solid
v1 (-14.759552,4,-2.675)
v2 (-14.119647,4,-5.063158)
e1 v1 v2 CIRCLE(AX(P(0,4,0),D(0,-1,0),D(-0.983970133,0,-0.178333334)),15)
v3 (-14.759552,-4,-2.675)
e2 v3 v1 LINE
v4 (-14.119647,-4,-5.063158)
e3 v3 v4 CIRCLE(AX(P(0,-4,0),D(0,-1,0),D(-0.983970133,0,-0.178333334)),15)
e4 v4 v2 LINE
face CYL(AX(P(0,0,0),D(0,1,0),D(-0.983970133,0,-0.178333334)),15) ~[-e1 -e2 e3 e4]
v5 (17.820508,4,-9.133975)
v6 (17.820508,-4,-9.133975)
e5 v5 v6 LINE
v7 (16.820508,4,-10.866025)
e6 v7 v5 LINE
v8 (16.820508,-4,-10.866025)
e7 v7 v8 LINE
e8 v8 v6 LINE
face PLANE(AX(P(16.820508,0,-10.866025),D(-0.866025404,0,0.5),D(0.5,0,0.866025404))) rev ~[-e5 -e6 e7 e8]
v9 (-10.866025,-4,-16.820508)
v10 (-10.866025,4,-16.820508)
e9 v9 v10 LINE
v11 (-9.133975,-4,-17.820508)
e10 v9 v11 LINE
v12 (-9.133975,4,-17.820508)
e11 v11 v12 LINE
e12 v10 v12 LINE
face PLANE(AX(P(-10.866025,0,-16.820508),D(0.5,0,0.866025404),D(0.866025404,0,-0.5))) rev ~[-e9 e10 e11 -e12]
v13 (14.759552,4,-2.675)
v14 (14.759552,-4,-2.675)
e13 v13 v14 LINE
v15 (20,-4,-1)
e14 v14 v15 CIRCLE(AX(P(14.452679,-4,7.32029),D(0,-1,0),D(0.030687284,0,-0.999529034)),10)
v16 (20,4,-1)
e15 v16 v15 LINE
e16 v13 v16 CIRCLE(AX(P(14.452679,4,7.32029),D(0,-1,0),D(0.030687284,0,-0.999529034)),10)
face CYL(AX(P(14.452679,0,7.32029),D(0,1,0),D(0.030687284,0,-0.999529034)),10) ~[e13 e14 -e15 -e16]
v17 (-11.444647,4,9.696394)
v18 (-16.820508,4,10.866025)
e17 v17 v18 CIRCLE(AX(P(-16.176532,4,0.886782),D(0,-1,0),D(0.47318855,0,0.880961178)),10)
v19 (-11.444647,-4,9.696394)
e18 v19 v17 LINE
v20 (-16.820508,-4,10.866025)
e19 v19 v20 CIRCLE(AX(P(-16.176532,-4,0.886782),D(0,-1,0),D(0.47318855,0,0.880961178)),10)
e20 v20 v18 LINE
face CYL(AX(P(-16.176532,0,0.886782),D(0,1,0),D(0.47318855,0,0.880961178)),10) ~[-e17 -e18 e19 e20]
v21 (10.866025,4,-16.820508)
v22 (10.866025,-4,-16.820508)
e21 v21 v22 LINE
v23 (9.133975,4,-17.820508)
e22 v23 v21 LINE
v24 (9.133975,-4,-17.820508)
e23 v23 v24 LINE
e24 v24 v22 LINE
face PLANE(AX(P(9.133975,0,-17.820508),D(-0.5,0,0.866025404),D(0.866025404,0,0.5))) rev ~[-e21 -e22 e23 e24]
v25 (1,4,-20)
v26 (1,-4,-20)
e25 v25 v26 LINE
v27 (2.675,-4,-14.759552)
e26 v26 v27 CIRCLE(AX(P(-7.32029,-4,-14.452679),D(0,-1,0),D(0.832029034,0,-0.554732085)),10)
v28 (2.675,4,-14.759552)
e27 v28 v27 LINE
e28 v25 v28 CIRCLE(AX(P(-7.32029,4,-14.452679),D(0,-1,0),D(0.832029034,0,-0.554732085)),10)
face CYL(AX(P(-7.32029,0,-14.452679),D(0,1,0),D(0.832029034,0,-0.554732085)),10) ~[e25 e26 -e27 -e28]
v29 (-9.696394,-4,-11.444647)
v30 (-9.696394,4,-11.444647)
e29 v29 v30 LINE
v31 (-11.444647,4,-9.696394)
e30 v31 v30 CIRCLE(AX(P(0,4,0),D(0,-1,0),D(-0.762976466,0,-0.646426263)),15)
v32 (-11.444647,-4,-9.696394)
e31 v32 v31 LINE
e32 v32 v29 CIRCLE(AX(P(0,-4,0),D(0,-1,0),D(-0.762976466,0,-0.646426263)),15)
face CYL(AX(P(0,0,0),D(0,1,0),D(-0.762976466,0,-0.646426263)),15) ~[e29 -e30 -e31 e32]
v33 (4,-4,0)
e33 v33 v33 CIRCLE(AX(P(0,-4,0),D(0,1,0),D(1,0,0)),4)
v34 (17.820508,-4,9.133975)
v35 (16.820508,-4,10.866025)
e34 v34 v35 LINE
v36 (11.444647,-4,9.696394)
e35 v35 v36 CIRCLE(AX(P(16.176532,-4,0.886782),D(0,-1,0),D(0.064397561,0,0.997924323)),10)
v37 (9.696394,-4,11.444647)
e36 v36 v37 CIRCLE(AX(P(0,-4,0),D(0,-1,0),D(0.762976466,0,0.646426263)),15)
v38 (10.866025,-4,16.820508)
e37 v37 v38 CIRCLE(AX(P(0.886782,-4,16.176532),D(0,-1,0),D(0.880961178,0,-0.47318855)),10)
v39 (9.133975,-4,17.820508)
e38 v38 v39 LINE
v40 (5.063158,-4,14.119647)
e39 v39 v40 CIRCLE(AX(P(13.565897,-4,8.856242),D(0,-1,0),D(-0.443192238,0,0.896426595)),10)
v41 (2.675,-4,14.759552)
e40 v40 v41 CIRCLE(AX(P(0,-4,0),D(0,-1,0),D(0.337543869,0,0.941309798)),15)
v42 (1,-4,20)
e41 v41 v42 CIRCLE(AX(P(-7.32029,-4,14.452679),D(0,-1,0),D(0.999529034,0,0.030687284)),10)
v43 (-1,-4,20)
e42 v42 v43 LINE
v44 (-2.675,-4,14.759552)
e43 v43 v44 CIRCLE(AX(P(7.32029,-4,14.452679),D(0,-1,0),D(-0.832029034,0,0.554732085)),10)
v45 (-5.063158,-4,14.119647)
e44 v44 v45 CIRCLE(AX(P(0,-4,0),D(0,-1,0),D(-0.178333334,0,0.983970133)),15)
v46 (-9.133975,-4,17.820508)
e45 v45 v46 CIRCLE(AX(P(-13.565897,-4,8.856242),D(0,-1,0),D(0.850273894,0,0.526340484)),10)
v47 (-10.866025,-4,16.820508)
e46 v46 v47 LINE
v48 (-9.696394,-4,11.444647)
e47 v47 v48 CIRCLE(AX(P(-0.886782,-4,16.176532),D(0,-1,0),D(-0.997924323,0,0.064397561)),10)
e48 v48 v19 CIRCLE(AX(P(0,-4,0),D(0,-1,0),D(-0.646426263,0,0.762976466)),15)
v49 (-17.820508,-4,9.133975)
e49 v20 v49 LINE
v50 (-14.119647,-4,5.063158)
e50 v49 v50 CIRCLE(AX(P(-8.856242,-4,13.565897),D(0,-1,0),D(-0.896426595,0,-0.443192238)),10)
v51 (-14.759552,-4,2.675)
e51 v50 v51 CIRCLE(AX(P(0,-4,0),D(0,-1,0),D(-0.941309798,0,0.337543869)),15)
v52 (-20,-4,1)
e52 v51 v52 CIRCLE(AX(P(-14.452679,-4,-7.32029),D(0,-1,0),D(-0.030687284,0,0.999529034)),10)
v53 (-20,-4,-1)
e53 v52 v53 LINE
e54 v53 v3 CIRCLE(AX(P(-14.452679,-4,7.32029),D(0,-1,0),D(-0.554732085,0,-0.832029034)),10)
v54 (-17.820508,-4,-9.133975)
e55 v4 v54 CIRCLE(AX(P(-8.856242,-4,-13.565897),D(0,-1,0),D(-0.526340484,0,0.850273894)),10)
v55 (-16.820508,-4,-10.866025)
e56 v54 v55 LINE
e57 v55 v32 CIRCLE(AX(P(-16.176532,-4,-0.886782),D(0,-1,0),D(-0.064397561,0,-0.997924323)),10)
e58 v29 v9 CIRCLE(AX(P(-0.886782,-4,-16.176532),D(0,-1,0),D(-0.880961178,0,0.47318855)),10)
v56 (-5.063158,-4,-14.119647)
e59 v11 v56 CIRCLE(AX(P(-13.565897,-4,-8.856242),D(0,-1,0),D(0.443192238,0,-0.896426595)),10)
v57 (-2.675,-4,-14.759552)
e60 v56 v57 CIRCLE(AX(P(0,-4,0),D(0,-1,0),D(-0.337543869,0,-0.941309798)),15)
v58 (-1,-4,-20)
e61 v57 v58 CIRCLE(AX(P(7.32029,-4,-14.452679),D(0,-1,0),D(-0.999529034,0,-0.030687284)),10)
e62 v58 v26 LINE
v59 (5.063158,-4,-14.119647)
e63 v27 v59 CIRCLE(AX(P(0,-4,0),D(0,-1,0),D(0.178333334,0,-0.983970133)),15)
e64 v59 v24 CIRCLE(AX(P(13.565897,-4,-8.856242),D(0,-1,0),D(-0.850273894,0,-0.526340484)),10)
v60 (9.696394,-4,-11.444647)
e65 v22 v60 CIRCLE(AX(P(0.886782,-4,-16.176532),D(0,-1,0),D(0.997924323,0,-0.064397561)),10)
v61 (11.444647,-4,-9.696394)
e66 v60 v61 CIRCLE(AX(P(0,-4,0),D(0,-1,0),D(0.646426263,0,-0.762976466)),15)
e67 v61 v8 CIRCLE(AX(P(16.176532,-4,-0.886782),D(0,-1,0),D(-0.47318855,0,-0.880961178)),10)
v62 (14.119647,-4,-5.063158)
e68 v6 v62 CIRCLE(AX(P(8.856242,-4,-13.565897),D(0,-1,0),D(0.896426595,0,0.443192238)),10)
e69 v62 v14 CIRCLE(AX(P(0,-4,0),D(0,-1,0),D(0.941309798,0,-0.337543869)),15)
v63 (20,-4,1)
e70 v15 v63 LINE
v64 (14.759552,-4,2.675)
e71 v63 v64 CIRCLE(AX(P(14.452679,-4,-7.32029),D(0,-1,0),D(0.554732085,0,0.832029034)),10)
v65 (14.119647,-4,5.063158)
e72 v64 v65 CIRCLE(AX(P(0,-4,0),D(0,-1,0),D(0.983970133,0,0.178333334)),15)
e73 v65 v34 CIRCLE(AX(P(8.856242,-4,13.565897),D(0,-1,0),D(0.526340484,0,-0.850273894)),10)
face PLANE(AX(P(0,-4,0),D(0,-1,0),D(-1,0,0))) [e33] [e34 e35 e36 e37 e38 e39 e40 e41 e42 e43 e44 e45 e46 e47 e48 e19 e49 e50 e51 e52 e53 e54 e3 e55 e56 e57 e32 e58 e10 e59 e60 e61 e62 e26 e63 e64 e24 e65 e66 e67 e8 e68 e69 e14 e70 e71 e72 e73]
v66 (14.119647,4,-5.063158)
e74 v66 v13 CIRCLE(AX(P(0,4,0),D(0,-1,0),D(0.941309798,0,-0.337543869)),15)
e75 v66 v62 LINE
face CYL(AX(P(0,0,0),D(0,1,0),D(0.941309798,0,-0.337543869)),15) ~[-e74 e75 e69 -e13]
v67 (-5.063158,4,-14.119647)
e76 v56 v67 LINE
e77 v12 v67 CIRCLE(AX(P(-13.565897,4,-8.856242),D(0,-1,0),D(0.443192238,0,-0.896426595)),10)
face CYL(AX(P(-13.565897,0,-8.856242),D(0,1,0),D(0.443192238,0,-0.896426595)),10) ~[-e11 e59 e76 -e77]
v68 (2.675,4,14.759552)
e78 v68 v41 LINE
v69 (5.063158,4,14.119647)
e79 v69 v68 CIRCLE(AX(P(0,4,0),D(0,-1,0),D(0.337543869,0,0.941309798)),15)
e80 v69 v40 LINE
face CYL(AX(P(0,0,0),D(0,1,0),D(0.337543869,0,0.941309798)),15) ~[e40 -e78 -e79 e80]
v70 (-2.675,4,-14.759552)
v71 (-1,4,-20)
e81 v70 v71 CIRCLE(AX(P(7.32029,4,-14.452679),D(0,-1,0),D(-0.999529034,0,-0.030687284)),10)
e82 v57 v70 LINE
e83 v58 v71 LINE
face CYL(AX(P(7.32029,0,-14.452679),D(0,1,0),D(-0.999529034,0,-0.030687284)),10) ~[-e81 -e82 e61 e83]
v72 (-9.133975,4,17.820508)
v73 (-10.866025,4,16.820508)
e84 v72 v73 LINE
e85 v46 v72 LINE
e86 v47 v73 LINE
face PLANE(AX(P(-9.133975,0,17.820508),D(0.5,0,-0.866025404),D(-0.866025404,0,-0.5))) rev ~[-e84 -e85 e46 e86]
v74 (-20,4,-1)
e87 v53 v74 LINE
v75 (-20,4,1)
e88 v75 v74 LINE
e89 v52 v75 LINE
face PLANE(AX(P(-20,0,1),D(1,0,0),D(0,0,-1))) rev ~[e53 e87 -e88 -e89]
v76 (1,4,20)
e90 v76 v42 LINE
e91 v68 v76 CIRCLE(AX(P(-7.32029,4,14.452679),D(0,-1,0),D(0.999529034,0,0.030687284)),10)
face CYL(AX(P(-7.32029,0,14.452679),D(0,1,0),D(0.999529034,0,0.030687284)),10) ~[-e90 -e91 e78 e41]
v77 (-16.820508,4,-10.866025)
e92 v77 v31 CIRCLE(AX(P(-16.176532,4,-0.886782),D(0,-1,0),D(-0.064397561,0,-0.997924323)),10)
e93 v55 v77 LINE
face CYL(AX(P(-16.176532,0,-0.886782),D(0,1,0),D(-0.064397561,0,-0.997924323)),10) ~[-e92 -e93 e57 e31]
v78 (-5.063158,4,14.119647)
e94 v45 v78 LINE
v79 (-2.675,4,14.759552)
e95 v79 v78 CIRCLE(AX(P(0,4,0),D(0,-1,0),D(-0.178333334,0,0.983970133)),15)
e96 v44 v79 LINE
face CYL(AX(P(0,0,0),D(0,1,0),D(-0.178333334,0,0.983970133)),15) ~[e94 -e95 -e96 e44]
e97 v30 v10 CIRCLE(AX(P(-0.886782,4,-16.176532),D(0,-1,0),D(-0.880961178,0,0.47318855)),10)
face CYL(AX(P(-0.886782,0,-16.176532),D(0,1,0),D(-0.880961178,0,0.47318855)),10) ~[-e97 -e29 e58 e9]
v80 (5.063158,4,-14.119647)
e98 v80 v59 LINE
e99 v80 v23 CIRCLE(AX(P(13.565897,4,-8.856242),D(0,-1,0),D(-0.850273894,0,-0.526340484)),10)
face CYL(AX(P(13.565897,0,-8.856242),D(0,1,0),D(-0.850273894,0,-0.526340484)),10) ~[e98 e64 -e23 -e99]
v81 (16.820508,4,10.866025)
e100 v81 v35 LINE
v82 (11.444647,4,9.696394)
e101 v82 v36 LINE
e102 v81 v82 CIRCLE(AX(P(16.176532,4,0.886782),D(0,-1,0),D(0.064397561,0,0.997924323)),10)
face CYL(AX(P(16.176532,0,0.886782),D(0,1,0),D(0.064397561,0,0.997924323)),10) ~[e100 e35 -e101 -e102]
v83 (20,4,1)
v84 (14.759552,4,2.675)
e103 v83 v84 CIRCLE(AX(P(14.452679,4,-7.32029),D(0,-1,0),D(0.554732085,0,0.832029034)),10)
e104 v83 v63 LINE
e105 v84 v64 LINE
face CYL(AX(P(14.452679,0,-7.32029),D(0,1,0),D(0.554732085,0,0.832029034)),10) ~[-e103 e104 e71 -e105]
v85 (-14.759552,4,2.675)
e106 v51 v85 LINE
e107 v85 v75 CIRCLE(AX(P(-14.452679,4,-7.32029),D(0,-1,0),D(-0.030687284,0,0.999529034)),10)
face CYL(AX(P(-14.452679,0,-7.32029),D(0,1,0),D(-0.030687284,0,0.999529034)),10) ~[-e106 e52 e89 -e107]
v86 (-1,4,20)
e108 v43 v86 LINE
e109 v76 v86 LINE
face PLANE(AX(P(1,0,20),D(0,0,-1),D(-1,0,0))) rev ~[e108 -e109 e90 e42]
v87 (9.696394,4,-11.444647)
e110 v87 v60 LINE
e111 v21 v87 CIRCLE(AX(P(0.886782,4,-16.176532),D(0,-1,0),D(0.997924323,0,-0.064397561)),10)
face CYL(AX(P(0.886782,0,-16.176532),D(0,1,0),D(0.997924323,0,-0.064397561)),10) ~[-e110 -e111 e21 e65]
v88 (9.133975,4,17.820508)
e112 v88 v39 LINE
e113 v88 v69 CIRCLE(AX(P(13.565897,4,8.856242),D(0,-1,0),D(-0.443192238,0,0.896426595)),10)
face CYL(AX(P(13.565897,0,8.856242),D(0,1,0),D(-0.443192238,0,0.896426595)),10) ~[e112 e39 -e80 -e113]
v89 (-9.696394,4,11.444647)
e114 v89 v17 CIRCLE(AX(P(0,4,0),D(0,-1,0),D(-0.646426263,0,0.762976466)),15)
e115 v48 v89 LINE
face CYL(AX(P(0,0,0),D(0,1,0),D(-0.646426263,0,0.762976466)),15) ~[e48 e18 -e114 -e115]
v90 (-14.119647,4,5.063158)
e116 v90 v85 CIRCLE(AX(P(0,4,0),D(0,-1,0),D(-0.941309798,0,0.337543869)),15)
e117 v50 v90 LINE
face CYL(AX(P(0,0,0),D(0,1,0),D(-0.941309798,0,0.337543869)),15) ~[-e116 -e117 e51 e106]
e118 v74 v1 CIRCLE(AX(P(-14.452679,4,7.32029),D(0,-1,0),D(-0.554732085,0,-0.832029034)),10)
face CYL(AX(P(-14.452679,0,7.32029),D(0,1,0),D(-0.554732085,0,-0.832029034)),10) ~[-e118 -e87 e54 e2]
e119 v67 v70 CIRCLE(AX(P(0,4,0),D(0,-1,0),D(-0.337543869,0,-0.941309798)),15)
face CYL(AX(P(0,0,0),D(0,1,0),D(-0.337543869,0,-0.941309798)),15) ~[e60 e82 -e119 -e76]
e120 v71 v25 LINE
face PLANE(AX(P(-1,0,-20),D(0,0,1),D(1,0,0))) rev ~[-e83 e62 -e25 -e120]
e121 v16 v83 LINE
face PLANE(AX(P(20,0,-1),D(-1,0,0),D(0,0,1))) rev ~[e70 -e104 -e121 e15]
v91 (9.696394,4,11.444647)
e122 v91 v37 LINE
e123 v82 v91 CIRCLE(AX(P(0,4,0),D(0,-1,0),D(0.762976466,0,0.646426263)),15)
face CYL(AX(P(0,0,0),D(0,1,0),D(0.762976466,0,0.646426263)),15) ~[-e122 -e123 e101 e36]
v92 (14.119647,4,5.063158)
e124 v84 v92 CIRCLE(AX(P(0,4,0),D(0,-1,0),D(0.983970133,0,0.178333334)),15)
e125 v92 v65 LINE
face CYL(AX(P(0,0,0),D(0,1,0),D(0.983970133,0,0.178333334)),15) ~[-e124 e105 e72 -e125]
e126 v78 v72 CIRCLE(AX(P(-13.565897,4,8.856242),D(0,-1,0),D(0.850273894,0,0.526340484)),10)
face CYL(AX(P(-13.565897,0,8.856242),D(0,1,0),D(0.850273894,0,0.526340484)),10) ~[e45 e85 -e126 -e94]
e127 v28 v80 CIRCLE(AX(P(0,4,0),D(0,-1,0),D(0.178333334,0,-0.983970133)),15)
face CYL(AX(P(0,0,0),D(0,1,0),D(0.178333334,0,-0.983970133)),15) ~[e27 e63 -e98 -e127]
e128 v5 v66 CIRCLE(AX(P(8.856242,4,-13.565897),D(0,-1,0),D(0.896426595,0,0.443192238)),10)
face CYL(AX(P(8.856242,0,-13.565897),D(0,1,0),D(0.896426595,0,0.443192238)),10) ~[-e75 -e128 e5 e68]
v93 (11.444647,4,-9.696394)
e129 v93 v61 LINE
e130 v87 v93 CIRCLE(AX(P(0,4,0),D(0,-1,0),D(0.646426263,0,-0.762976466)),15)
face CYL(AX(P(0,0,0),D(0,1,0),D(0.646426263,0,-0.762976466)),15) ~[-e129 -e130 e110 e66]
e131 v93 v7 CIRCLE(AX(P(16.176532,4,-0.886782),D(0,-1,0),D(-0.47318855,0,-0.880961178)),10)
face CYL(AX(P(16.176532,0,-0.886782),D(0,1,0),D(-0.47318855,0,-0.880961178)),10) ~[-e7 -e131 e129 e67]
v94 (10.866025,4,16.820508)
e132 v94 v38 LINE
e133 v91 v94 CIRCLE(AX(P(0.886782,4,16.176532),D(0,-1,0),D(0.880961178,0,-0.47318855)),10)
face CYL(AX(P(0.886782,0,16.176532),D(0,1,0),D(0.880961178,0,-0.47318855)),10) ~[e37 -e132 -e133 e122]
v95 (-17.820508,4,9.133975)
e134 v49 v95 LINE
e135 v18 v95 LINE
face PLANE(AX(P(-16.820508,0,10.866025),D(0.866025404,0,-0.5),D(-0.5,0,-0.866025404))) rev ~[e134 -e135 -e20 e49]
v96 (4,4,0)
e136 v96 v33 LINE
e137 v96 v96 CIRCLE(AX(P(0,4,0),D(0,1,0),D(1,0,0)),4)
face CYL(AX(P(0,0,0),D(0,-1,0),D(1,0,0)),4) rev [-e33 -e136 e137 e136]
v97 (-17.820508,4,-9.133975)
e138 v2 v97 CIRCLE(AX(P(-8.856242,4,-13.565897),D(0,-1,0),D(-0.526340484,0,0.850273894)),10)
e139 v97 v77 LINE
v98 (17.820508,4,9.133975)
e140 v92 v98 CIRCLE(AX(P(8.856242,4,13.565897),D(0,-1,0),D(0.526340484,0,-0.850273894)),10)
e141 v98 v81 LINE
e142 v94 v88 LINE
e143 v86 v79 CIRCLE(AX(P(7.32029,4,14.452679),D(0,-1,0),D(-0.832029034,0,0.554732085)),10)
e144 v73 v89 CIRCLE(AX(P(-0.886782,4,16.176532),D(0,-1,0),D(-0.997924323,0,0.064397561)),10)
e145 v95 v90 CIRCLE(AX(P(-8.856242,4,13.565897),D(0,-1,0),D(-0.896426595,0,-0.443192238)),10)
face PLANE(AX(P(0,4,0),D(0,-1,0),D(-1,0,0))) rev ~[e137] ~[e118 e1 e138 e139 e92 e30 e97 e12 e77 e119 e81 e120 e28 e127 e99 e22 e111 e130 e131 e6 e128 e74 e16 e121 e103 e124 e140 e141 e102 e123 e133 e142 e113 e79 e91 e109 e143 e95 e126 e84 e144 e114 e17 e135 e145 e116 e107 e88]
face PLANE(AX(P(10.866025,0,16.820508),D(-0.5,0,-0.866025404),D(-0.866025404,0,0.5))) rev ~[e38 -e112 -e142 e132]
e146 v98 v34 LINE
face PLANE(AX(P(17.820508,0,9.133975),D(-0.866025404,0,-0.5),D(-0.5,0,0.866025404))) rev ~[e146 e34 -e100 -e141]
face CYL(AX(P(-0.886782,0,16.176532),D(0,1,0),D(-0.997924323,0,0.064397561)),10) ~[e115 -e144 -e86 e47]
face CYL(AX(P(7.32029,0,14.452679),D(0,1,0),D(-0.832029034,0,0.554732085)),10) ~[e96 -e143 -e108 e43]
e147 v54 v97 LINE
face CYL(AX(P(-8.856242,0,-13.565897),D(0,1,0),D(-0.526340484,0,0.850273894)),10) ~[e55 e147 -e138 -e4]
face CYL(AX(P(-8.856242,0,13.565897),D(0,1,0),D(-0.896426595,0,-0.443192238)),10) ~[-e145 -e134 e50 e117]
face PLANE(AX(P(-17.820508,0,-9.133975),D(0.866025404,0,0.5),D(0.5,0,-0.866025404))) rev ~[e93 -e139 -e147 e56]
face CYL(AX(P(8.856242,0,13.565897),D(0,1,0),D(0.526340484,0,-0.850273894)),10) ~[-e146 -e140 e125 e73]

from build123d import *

# Parameters (mm, degrees)
SKETCH1_R           = 4
BOSS_EXTRUDE1_DEPTH = 4


with BuildPart() as part:
    # Sketch1 → Boss-Extrude1 (new body, symmetric)
    with BuildSketch(Plane(origin=(0, 0, 0), x_dir=(1, 0, 0), z_dir=(0, 1, 0))):
        with BuildLine():
            Line((-1, 20), (1, 20))
            ThreePointArc((1, 20), (2.204975942, 17.497232023), (2.675, 14.759551992))
            ThreePointArc((2.675, 14.759551992), (3.882285677, 14.488887394), (5.063158041, 14.119646973))
            ThreePointArc((5.063158041, 14.119646973), (6.839050831, 16.255535399), (9.133974596, 17.820508076))
            Line((9.133974596, 17.820508076), (10.866025404, 16.820508076))
            ThreePointArc((10.866025404, 16.820508076), (10.658181192, 14.050559457), (9.696393951, 11.444646973))
            ThreePointArc((9.696393951, 11.444646973), (10.606601718, 10.606601718), (11.444646973, 9.696393951))
            ThreePointArc((11.444646973, 9.696393951), (14.050559457, 10.658181192), (16.820508076, 10.866025404))
            Line((16.820508076, 10.866025404), (17.820508076, 9.133974596))
            ThreePointArc((17.820508076, 9.133974596), (16.255535399, 6.839050831), (14.119646973, 5.063158041))
            ThreePointArc((14.119646973, 5.063158041), (14.488887394, 3.882285677), (14.759551992, 2.675))
            ThreePointArc((14.759551992, 2.675), (17.497232023, 2.204975942), (20, 1))
            Line((20, 1), (20, -1))
            ThreePointArc((20, -1), (17.497232023, -2.204975942), (14.759551992, -2.675))
            ThreePointArc((14.759551992, -2.675), (14.488887394, -3.882285677), (14.119646973, -5.063158041))
            ThreePointArc((14.119646973, -5.063158041), (16.255535399, -6.839050831), (17.820508076, -9.133974596))
            Line((17.820508076, -9.133974596), (16.820508076, -10.866025404))
            ThreePointArc((16.820508076, -10.866025404), (14.050559457, -10.658181192), (11.444646973, -9.696393951))
            ThreePointArc((11.444646973, -9.696393951), (10.606601718, -10.606601718), (9.696393951, -11.444646973))
            ThreePointArc((9.696393951, -11.444646973), (10.658181192, -14.050559457), (10.866025404, -16.820508076))
            Line((10.866025404, -16.820508076), (9.133974596, -17.820508076))
            ThreePointArc((9.133974596, -17.820508076), (6.839050831, -16.255535399), (5.063158041, -14.119646973))
            ThreePointArc((5.063158041, -14.119646973), (3.882285677, -14.488887394), (2.675, -14.759551992))
            ThreePointArc((2.675, -14.759551992), (2.204975942, -17.497232023), (1, -20))
            Line((1, -20), (-1, -20))
            ThreePointArc((-1, -20), (-2.204975942, -17.497232023), (-2.675, -14.759551992))
            ThreePointArc((-2.675, -14.759551992), (-3.882285677, -14.488887394), (-5.063158041, -14.119646973))
            ThreePointArc((-5.063158041, -14.119646973), (-6.839050831, -16.255535399), (-9.133974596, -17.820508076))
            Line((-9.133974596, -17.820508076), (-10.866025404, -16.820508076))
            ThreePointArc((-10.866025404, -16.820508076), (-10.658181192, -14.050559457), (-9.696393951, -11.444646973))
            ThreePointArc((-9.696393951, -11.444646973), (-10.606601718, -10.606601718), (-11.444646973, -9.696393951))
            ThreePointArc((-11.444646973, -9.696393951), (-14.050559457, -10.658181192), (-16.820508076, -10.866025404))
            Line((-16.820508076, -10.866025404), (-17.820508076, -9.133974596))
            ThreePointArc((-17.820508076, -9.133974596), (-16.255535399, -6.839050831), (-14.119646973, -5.063158041))
            ThreePointArc((-14.119646973, -5.063158041), (-14.488887394, -3.882285677), (-14.759551992, -2.675))
            ThreePointArc((-14.759551992, -2.675), (-17.497232023, -2.204975942), (-20, -1))
            Line((-20, -1), (-20, 1))
            ThreePointArc((-20, 1), (-17.497232023, 2.204975942), (-14.759551992, 2.675))
            ThreePointArc((-14.759551992, 2.675), (-14.488887394, 3.882285677), (-14.119646973, 5.063158041))
            ThreePointArc((-14.119646973, 5.063158041), (-16.255535399, 6.839050831), (-17.820508076, 9.133974596))
            Line((-17.820508076, 9.133974596), (-16.820508076, 10.866025404))
            ThreePointArc((-16.820508076, 10.866025404), (-14.050559457, 10.658181192), (-11.444646973, 9.696393951))
            ThreePointArc((-11.444646973, 9.696393951), (-10.606601718, 10.606601718), (-9.696393951, 11.444646973))
            ThreePointArc((-9.696393951, 11.444646973), (-10.658181192, 14.050559457), (-10.866025404, 16.820508076))
            Line((-10.866025404, 16.820508076), (-9.133974596, 17.820508076))
            ThreePointArc((-9.133974596, 17.820508076), (-6.839050831, 16.255535399), (-5.063158041, 14.119646973))
            ThreePointArc((-5.063158041, 14.119646973), (-3.882285677, 14.488887394), (-2.675, 14.759551992))
            ThreePointArc((-2.675, 14.759551992), (-2.204975942, 17.497232023), (-1, 20))
        make_face()
        Circle(SKETCH1_R, mode=Mode.SUBTRACT)
    extrude(amount=BOSS_EXTRUDE1_DEPTH, both=True)


solid = part.part
